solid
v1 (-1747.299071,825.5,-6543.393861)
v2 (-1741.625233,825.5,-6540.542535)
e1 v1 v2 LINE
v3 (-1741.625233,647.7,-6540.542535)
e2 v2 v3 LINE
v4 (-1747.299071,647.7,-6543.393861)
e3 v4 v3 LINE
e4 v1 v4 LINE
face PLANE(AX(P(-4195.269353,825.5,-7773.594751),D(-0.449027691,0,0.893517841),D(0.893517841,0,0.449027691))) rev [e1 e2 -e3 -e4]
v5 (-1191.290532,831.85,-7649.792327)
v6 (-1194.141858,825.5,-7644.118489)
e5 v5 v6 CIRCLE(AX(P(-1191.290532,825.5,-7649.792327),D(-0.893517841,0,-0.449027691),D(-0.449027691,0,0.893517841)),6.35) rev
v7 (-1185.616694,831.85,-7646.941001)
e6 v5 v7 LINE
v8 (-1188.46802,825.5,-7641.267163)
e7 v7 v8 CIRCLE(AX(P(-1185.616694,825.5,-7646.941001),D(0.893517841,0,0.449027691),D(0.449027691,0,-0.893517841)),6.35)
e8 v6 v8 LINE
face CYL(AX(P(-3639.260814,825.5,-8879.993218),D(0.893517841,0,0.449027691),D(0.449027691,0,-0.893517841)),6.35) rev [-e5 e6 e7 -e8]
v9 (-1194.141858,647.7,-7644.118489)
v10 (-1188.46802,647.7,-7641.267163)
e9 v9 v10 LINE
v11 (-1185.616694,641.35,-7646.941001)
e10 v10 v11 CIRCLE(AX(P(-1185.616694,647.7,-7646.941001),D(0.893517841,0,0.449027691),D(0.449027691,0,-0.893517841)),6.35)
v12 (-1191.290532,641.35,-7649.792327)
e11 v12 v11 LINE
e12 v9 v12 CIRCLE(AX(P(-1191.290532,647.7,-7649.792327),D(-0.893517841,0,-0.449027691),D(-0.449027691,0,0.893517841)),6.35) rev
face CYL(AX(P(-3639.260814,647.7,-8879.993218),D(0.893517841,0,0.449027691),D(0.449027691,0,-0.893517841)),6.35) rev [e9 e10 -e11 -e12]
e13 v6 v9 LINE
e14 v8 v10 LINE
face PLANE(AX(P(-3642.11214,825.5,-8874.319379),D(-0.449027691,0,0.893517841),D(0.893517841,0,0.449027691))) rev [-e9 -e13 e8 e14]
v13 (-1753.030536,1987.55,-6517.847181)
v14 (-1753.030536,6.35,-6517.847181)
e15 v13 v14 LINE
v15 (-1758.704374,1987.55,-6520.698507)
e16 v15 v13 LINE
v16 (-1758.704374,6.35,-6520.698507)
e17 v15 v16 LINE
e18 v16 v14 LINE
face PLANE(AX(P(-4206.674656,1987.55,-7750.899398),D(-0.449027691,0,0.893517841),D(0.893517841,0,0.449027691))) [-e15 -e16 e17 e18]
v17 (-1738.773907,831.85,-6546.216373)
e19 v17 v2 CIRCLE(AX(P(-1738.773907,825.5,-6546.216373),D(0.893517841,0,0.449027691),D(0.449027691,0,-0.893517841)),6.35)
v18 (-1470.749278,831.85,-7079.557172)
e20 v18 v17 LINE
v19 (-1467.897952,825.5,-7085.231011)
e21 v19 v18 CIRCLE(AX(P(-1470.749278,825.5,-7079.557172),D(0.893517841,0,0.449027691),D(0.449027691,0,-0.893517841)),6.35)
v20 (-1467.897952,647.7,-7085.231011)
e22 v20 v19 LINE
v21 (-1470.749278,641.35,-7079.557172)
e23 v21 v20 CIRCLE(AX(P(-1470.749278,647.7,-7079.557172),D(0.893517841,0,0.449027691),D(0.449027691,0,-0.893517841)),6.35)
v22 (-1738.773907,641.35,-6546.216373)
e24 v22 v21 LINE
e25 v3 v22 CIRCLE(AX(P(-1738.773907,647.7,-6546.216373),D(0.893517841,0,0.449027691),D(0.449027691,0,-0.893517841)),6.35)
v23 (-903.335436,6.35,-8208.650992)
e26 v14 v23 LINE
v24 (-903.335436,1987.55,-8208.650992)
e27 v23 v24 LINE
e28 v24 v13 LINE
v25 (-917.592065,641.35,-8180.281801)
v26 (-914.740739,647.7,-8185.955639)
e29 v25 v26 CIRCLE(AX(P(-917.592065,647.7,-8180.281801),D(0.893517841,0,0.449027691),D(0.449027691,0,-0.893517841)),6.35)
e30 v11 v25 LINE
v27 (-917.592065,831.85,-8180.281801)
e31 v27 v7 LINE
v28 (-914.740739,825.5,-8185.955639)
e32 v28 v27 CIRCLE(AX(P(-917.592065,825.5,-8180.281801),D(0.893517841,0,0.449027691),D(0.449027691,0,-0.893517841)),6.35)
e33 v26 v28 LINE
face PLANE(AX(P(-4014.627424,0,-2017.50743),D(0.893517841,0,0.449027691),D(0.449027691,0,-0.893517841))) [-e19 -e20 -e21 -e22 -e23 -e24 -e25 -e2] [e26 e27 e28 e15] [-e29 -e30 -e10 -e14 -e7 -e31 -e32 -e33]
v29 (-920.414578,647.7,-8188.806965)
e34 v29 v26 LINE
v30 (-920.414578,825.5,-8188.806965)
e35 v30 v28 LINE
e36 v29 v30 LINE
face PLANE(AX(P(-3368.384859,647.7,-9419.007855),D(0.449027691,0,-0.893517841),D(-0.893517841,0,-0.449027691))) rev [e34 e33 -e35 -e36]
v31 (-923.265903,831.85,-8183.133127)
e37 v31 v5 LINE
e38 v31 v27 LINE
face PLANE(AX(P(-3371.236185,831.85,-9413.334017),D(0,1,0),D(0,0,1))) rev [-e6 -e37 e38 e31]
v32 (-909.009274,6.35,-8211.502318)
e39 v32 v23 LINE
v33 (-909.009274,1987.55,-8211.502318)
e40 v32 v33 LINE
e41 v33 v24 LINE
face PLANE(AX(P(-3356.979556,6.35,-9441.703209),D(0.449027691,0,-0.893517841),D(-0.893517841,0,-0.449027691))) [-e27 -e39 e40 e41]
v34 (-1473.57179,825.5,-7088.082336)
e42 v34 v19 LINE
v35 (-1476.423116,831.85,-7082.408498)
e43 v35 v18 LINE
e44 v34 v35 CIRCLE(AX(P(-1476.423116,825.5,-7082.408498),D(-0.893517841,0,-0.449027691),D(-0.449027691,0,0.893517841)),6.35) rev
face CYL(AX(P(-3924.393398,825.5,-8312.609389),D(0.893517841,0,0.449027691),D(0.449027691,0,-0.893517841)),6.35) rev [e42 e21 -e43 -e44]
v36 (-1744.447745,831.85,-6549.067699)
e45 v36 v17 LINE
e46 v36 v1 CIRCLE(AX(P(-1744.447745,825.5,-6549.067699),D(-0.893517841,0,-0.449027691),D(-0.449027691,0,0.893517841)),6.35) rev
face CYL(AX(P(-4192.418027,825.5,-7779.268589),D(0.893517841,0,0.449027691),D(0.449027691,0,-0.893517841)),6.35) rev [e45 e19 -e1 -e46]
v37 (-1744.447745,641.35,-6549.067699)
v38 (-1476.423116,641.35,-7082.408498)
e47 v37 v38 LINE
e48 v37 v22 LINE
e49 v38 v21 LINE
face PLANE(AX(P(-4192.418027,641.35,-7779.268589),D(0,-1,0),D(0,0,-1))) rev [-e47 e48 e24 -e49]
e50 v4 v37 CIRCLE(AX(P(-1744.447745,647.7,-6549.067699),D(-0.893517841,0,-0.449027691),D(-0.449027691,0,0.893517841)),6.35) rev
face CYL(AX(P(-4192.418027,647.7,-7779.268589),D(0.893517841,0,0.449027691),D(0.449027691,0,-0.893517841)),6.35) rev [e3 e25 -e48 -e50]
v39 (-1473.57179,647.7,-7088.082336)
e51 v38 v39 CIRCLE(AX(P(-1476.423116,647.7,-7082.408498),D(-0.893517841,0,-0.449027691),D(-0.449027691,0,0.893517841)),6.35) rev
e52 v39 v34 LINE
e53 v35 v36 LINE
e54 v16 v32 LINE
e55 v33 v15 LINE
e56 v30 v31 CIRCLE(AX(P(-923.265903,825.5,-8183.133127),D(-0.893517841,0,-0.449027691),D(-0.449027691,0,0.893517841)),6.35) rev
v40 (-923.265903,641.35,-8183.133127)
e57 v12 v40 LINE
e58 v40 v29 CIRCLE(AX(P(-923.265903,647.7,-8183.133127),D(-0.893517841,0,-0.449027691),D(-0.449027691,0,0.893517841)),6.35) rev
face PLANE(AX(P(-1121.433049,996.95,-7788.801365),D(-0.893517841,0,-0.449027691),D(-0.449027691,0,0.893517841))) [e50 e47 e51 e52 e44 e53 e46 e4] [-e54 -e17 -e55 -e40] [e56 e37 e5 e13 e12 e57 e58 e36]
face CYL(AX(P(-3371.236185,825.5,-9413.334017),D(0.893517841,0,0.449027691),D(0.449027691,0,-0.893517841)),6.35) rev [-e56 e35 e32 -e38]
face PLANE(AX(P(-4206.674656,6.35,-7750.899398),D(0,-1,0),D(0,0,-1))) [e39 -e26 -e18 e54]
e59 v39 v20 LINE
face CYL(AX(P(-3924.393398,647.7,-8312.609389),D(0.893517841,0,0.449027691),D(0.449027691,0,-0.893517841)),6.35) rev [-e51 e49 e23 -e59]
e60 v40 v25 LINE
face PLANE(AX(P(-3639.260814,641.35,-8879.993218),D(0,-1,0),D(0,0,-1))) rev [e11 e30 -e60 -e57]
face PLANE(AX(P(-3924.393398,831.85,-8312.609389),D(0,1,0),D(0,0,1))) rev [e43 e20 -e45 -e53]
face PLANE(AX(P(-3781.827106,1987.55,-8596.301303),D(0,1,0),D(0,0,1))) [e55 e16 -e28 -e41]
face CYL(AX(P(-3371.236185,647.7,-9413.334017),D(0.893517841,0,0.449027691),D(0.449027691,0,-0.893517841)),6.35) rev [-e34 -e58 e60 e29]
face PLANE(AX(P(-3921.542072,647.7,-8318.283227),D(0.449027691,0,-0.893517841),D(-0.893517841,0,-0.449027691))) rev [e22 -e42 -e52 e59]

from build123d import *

# Parameters (mm, degrees)
BOSS_EXTRUDE1_DEPTH = 6.35


with BuildPart() as part:
    # Sketch1 → Boss-Extrude1 (new body)
    with BuildSketch(Plane(origin=(-4014.627423578, 0, -2017.507429852), x_dir=(0.44902769125579206, 0, -0.8935178411679832), z_dir=(0.8935178411679832, 0, 0.44902769125579206))):
        Polygon((5982.803488378, 1987.55), (5036.653488378, 1987.55), (5036.653488378, 6.35), (5982.803488378, 6.35), (6928.953488378, 6.35), (6928.953488378, 1987.55), align=None)
        with BuildLine():
            Line((6293.953488378, 825.5), (6293.953488378, 647.7))
            ThreePointArc((6293.953488378, 647.7), (6295.813360317, 643.209871939), (6300.303488378, 641.35))
            Line((6300.303488378, 641.35), (6897.203488378, 641.35))
            ThreePointArc((6897.203488378, 641.35), (6901.693616438, 643.209871939), (6903.553488378, 647.7))
            Line((6903.553488378, 647.7), (6903.553488378, 825.5))
            ThreePointArc((6903.553488378, 825.5), (6901.693616438, 829.990128061), (6897.203488378, 831.85))
            Line((6897.203488378, 831.85), (6300.303488378, 831.85))
            ThreePointArc((6300.303488378, 831.85), (6295.813360317, 829.990128061), (6293.953488378, 825.5))
        make_face(mode=Mode.SUBTRACT)
        with BuildLine():
            Line((5068.403488378, 641.35), (5665.303488378, 641.35))
            ThreePointArc((5665.303488378, 641.35), (5669.793616438, 643.209871939), (5671.653488378, 647.7))
            Line((5671.653488378, 647.7), (5671.653488378, 825.5))
            ThreePointArc((5671.653488378, 825.5), (5669.793616438, 829.990128061), (5665.303488378, 831.85))
            Line((5665.303488378, 831.85), (5068.403488378, 831.85))
            ThreePointArc((5068.403488378, 831.85), (5063.913360317, 829.990128061), (5062.053488378, 825.5))
            Line((5062.053488378, 825.5), (5062.053488378, 647.7))
            ThreePointArc((5062.053488378, 647.7), (5063.913360317, 643.209871939), (5068.403488378, 641.35))
        make_face(mode=Mode.SUBTRACT)
    extrude(amount=-BOSS_EXTRUDE1_DEPTH)


solid = part.part
